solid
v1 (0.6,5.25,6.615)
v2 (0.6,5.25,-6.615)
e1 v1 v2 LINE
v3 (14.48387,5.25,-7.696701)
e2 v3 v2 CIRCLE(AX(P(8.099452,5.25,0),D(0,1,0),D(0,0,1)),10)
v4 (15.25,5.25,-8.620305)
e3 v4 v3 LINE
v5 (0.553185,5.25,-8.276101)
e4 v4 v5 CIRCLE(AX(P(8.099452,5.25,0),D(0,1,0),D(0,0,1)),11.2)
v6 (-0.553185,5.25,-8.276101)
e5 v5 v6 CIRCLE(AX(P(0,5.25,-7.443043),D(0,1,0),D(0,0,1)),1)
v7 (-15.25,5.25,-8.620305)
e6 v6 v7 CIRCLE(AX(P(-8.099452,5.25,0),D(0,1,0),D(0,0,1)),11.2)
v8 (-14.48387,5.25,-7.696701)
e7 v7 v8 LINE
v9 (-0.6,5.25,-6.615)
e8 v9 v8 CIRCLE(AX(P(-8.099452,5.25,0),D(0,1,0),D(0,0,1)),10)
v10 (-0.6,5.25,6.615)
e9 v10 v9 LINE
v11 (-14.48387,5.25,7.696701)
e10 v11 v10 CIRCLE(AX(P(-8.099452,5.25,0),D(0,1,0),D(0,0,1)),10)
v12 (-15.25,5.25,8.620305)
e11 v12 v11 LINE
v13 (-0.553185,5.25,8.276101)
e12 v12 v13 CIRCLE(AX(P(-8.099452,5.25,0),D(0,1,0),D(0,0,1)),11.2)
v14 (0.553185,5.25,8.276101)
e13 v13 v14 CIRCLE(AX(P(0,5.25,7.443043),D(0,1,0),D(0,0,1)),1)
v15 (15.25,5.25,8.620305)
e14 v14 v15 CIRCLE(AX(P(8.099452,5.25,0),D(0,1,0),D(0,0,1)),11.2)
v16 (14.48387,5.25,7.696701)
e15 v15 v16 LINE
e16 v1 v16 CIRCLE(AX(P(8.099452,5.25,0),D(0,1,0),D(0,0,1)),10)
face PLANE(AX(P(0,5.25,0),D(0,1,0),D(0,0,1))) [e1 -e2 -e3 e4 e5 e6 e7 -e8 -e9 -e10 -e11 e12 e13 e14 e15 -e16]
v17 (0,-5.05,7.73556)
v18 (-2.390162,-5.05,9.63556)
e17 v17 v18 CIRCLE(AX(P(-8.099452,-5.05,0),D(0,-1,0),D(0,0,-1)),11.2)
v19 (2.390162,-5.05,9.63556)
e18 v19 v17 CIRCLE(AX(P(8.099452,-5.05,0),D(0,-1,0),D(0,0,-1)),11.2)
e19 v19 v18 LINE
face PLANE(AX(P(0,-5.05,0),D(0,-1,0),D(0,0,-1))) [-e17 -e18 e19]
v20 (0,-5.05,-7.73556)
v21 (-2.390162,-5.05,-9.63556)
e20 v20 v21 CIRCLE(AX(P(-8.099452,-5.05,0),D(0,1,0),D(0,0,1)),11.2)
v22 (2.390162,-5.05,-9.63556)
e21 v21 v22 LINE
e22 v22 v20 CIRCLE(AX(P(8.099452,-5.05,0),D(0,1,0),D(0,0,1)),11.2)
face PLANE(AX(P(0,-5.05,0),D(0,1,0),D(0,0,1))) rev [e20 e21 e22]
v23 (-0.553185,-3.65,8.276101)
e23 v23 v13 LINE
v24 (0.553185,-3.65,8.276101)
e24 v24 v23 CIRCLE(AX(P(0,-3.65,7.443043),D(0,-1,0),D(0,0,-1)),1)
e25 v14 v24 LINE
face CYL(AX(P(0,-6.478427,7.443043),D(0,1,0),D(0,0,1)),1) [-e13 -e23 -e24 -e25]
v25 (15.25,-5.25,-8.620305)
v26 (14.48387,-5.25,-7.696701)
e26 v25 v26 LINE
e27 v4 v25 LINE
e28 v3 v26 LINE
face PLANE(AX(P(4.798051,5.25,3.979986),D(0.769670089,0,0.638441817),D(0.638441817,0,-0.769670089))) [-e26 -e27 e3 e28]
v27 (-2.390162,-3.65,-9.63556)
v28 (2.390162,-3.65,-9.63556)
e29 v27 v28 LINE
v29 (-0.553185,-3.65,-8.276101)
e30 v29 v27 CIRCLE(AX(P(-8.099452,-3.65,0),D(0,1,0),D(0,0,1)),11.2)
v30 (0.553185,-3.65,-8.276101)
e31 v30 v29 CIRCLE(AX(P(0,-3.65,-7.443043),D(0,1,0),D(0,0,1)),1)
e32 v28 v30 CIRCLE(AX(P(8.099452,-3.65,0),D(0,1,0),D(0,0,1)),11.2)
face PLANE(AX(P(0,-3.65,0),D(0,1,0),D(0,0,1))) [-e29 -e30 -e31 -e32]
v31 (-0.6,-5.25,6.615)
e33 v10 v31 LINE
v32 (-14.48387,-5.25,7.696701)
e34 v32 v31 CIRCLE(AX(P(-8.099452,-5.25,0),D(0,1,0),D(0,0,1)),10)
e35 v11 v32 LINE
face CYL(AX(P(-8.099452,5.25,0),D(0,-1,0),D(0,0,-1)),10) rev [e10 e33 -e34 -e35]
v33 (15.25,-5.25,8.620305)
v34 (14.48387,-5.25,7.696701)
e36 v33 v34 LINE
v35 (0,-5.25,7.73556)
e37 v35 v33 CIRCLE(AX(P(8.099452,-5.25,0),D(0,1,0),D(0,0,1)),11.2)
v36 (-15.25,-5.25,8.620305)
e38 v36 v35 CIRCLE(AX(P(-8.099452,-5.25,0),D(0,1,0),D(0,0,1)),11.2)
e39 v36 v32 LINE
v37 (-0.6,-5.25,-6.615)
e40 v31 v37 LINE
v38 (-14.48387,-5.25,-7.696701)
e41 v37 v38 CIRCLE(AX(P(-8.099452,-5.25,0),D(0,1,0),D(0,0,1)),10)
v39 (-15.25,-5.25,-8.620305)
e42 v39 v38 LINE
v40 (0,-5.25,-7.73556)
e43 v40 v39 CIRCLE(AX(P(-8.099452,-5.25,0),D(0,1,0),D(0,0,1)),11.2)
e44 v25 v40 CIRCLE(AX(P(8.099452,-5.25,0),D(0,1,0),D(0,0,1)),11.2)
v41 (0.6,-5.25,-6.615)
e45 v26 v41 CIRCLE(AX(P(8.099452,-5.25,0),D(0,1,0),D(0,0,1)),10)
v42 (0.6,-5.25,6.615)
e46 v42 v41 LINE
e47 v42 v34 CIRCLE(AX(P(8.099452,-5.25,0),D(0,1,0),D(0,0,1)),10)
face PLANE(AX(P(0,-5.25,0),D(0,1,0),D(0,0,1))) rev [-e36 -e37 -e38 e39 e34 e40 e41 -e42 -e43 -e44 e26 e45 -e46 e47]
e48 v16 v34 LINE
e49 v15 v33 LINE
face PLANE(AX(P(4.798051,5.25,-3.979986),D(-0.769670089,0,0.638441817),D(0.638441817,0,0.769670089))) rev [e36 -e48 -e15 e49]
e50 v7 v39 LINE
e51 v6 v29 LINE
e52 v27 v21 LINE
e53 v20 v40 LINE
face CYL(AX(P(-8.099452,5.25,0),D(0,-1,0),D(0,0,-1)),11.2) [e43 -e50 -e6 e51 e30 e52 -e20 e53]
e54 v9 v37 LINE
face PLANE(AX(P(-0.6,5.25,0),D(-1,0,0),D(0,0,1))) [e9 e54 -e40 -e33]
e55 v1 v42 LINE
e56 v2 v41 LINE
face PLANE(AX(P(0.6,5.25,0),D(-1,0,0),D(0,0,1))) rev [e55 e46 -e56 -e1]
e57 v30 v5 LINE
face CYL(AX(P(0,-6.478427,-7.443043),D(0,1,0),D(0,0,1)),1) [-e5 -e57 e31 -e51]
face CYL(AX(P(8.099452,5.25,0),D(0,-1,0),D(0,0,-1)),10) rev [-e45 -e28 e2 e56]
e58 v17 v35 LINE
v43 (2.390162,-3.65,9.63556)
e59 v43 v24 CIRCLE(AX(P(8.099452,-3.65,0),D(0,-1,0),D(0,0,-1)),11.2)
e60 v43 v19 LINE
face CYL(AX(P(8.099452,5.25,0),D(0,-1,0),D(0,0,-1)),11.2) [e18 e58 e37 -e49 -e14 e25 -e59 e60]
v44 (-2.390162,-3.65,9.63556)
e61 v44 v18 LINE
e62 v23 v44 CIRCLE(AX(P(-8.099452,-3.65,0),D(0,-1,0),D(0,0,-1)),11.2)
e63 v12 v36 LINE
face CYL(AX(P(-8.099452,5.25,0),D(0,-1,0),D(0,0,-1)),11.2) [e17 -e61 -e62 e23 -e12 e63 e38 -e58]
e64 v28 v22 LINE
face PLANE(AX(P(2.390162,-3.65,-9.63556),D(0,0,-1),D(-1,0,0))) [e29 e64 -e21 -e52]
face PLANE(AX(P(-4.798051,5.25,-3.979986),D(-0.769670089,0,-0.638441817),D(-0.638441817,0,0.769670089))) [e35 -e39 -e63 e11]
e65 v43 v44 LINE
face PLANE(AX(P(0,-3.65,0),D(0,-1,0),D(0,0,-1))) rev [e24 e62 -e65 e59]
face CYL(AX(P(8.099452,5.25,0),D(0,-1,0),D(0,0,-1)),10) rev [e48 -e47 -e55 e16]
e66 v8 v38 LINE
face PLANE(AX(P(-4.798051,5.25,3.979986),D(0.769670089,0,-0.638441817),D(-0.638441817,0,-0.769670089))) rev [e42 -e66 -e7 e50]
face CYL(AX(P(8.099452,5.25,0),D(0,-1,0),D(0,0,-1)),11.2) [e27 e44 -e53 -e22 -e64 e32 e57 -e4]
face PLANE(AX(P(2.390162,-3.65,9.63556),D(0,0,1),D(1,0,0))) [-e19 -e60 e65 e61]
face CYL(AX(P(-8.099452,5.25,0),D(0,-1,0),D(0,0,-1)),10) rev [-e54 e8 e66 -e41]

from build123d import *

# Parameters (mm, degrees)
BOSS_EXTRUDE1_DEPTH = 5.25
BOSS_EXTRUDE2_START = -0.2
BOSS_EXTRUDE2_DEPTH = 1.4
SKETCH2_R           = 1
BOSS_EXTRUDE3_DEPTH = 8.9


with BuildPart() as part:
    # Sketch1 → Boss-Extrude1 (new, symmetric)
    with BuildSketch(Plane(origin=(0, 0, 0), x_dir=(1, 0, 0), z_dir=(0, 1, 0))):
        with BuildLine():
            ThreePointArc((0, -7.735559645), (-0.4049689, -7.287992259), (-0.785238344, -6.8192583))
            ThreePointArc((-0.785238344, -6.8192583), (-7.460228587, -9.979548781), (-14.483869819, -7.69670089))
            Line((-14.483869819, -7.69670089), (-15.25, -8.620304997))
            ThreePointArc((-15.25, -8.620304997), (-7.450762238, -11.181198596), (0, -7.735559645))
        make_face()
        with BuildLine():
            ThreePointArc((14.483869819, -7.69670089), (7.460228587, -9.979548781), (0.785238344, -6.8192583))
            ThreePointArc((0.785238344, -6.8192583), (0.4049689, -7.287992259), (0, -7.735559645))
            ThreePointArc((0, -7.735559645), (7.450762238, -11.181198596), (15.25, -8.620304997))
            Line((15.25, -8.620304997), (14.483869819, -7.69670089))
        make_face()
        with BuildLine():
            Line((0.6, -6.615), (-0.6, -6.615))
            ThreePointArc((-0.6, -6.615), (-0.691915101, -6.71776766), (-0.785238344, -6.8192583))
            ThreePointArc((-0.785238344, -6.8192583), (-0.4049689, -7.287992259), (0, -7.735559645))
            ThreePointArc((0, -7.735559645), (0.4049689, -7.287992259), (0.785238344, -6.8192583))
            ThreePointArc((0.785238344, -6.8192583), (0.691915101, -6.71776766), (0.6, -6.615))
        make_face()
        with BuildLine():
            Line((-0.6, 4.93148467), (-0.6, -4.93148467))
            ThreePointArc((-0.6, -4.93148467), (-0.312960425, -5.406599961), (0, -5.865056097))
            ThreePointArc((0, -5.865056097), (0.312960425, -5.406599961), (0.6, -4.93148467))
            Line((0.6, -4.93148467), (0.6, 4.93148467))
            ThreePointArc((0.6, 4.93148467), (0.312960425, 5.406599961), (0, 5.865056097))
            ThreePointArc((0, 5.865056097), (-0.312960425, 5.406599961), (-0.6, 4.93148467))
        make_face()
        with BuildLine():
            ThreePointArc((0, 7.735559645), (-0.4049689, 7.287992259), (-0.785238344, 6.8192583))
            ThreePointArc((-0.785238344, 6.8192583), (-0.691915101, 6.71776766), (-0.6, 6.615))
            Line((-0.6, 6.615), (0.6, 6.615))
            ThreePointArc((0.6, 6.615), (0.691915101, 6.71776766), (0.785238344, 6.8192583))
            ThreePointArc((0.785238344, 6.8192583), (0.4049689, 7.287992259), (0, 7.735559645))
        make_face()
        with BuildLine():
            ThreePointArc((-14.483869819, 7.69670089), (-7.460228587, 9.979548781), (-0.785238344, 6.8192583))
            ThreePointArc((-0.785238344, 6.8192583), (-0.4049689, 7.287992259), (0, 7.735559645))
            ThreePointArc((0, 7.735559645), (-7.450762238, 11.181198596), (-15.25, 8.620304997))
            Line((-15.25, 8.620304997), (-14.483869819, 7.69670089))
        make_face()
        with BuildLine():
            ThreePointArc((15.25, 8.620304997), (7.450762238, 11.181198596), (0, 7.735559645))
            ThreePointArc((0, 7.735559645), (0.4049689, 7.287992259), (0.785238344, 6.8192583))
            ThreePointArc((0.785238344, 6.8192583), (7.460228587, 9.979548781), (14.483869819, 7.69670089))
            Line((14.483869819, 7.69670089), (15.25, 8.620304997))
        make_face()
        with BuildLine():
            ThreePointArc((0, -5.865056097), (-0.290991494, -6.247235392), (-0.6, -6.615))
            Line((-0.6, -6.615), (0.6, -6.615))
            ThreePointArc((0.6, -6.615), (0.290991494, -6.247235392), (0, -5.865056097))
        make_face()
        with BuildLine():
            ThreePointArc((0, -5.865056097), (0.290991494, -6.247235392), (0.6, -6.615))
            Line((0.6, -6.615), (0.6, -4.93148467))
            ThreePointArc((0.6, -4.93148467), (0.312960425, -5.406599961), (0, -5.865056097))
        make_face()
        with BuildLine():
            ThreePointArc((0, 5.865056097), (0.312960425, 5.406599961), (0.6, 4.93148467))
            Line((0.6, 4.93148467), (0.6, 6.615))
            ThreePointArc((0.6, 6.615), (0.290991494, 6.247235392), (0, 5.865056097))
        make_face()
        with BuildLine():
            Line((-0.6, -4.93148467), (-0.6, -6.615))
            ThreePointArc((-0.6, -6.615), (-0.290991494, -6.247235392), (0, -5.865056097))
            ThreePointArc((0, -5.865056097), (-0.312960425, -5.406599961), (-0.6, -4.93148467))
        make_face()
        with BuildLine():
            Line((-0.6, 6.615), (-0.6, 4.93148467))
            ThreePointArc((-0.6, 4.93148467), (-0.312960425, 5.406599961), (0, 5.865056097))
            ThreePointArc((0, 5.865056097), (-0.290991494, 6.247235392), (-0.6, 6.615))
        make_face()
        with BuildLine():
            Line((0.6, 6.615), (-0.6, 6.615))
            ThreePointArc((-0.6, 6.615), (-0.290991494, 6.247235392), (0, 5.865056097))
            ThreePointArc((0, 5.865056097), (0.290991494, 6.247235392), (0.6, 6.615))
        make_face()
    extrude(amount=BOSS_EXTRUDE1_DEPTH, both=True)

    # Sketch3 → Boss-Extrude2 (add)
    with BuildSketch(Plane.XZ.offset(5.25).offset(BOSS_EXTRUDE2_START)):
        Polygon((0, -7.735559645), (2.39016182, -9.635559645), (-2.39016182, -9.635559645), align=None)
        Polygon((0, 7.735559645), (2.39016182, 9.635559645), (-2.39016182, 9.635559645), align=None)
    extrude(amount=-BOSS_EXTRUDE2_DEPTH)

    # Sketch2 → Boss-Extrude3 (add)
    with BuildSketch(Plane(origin=(0, 5.25, 0), x_dir=(1, 0, 0), z_dir=(0, 1, 0))):
        with Locations((0, 7.443042592)):
            Circle(SKETCH2_R)
        with Locations((0, -7.443042592)):
            Circle(SKETCH2_R)
    extrude(amount=-BOSS_EXTRUDE3_DEPTH)


solid = part.part
